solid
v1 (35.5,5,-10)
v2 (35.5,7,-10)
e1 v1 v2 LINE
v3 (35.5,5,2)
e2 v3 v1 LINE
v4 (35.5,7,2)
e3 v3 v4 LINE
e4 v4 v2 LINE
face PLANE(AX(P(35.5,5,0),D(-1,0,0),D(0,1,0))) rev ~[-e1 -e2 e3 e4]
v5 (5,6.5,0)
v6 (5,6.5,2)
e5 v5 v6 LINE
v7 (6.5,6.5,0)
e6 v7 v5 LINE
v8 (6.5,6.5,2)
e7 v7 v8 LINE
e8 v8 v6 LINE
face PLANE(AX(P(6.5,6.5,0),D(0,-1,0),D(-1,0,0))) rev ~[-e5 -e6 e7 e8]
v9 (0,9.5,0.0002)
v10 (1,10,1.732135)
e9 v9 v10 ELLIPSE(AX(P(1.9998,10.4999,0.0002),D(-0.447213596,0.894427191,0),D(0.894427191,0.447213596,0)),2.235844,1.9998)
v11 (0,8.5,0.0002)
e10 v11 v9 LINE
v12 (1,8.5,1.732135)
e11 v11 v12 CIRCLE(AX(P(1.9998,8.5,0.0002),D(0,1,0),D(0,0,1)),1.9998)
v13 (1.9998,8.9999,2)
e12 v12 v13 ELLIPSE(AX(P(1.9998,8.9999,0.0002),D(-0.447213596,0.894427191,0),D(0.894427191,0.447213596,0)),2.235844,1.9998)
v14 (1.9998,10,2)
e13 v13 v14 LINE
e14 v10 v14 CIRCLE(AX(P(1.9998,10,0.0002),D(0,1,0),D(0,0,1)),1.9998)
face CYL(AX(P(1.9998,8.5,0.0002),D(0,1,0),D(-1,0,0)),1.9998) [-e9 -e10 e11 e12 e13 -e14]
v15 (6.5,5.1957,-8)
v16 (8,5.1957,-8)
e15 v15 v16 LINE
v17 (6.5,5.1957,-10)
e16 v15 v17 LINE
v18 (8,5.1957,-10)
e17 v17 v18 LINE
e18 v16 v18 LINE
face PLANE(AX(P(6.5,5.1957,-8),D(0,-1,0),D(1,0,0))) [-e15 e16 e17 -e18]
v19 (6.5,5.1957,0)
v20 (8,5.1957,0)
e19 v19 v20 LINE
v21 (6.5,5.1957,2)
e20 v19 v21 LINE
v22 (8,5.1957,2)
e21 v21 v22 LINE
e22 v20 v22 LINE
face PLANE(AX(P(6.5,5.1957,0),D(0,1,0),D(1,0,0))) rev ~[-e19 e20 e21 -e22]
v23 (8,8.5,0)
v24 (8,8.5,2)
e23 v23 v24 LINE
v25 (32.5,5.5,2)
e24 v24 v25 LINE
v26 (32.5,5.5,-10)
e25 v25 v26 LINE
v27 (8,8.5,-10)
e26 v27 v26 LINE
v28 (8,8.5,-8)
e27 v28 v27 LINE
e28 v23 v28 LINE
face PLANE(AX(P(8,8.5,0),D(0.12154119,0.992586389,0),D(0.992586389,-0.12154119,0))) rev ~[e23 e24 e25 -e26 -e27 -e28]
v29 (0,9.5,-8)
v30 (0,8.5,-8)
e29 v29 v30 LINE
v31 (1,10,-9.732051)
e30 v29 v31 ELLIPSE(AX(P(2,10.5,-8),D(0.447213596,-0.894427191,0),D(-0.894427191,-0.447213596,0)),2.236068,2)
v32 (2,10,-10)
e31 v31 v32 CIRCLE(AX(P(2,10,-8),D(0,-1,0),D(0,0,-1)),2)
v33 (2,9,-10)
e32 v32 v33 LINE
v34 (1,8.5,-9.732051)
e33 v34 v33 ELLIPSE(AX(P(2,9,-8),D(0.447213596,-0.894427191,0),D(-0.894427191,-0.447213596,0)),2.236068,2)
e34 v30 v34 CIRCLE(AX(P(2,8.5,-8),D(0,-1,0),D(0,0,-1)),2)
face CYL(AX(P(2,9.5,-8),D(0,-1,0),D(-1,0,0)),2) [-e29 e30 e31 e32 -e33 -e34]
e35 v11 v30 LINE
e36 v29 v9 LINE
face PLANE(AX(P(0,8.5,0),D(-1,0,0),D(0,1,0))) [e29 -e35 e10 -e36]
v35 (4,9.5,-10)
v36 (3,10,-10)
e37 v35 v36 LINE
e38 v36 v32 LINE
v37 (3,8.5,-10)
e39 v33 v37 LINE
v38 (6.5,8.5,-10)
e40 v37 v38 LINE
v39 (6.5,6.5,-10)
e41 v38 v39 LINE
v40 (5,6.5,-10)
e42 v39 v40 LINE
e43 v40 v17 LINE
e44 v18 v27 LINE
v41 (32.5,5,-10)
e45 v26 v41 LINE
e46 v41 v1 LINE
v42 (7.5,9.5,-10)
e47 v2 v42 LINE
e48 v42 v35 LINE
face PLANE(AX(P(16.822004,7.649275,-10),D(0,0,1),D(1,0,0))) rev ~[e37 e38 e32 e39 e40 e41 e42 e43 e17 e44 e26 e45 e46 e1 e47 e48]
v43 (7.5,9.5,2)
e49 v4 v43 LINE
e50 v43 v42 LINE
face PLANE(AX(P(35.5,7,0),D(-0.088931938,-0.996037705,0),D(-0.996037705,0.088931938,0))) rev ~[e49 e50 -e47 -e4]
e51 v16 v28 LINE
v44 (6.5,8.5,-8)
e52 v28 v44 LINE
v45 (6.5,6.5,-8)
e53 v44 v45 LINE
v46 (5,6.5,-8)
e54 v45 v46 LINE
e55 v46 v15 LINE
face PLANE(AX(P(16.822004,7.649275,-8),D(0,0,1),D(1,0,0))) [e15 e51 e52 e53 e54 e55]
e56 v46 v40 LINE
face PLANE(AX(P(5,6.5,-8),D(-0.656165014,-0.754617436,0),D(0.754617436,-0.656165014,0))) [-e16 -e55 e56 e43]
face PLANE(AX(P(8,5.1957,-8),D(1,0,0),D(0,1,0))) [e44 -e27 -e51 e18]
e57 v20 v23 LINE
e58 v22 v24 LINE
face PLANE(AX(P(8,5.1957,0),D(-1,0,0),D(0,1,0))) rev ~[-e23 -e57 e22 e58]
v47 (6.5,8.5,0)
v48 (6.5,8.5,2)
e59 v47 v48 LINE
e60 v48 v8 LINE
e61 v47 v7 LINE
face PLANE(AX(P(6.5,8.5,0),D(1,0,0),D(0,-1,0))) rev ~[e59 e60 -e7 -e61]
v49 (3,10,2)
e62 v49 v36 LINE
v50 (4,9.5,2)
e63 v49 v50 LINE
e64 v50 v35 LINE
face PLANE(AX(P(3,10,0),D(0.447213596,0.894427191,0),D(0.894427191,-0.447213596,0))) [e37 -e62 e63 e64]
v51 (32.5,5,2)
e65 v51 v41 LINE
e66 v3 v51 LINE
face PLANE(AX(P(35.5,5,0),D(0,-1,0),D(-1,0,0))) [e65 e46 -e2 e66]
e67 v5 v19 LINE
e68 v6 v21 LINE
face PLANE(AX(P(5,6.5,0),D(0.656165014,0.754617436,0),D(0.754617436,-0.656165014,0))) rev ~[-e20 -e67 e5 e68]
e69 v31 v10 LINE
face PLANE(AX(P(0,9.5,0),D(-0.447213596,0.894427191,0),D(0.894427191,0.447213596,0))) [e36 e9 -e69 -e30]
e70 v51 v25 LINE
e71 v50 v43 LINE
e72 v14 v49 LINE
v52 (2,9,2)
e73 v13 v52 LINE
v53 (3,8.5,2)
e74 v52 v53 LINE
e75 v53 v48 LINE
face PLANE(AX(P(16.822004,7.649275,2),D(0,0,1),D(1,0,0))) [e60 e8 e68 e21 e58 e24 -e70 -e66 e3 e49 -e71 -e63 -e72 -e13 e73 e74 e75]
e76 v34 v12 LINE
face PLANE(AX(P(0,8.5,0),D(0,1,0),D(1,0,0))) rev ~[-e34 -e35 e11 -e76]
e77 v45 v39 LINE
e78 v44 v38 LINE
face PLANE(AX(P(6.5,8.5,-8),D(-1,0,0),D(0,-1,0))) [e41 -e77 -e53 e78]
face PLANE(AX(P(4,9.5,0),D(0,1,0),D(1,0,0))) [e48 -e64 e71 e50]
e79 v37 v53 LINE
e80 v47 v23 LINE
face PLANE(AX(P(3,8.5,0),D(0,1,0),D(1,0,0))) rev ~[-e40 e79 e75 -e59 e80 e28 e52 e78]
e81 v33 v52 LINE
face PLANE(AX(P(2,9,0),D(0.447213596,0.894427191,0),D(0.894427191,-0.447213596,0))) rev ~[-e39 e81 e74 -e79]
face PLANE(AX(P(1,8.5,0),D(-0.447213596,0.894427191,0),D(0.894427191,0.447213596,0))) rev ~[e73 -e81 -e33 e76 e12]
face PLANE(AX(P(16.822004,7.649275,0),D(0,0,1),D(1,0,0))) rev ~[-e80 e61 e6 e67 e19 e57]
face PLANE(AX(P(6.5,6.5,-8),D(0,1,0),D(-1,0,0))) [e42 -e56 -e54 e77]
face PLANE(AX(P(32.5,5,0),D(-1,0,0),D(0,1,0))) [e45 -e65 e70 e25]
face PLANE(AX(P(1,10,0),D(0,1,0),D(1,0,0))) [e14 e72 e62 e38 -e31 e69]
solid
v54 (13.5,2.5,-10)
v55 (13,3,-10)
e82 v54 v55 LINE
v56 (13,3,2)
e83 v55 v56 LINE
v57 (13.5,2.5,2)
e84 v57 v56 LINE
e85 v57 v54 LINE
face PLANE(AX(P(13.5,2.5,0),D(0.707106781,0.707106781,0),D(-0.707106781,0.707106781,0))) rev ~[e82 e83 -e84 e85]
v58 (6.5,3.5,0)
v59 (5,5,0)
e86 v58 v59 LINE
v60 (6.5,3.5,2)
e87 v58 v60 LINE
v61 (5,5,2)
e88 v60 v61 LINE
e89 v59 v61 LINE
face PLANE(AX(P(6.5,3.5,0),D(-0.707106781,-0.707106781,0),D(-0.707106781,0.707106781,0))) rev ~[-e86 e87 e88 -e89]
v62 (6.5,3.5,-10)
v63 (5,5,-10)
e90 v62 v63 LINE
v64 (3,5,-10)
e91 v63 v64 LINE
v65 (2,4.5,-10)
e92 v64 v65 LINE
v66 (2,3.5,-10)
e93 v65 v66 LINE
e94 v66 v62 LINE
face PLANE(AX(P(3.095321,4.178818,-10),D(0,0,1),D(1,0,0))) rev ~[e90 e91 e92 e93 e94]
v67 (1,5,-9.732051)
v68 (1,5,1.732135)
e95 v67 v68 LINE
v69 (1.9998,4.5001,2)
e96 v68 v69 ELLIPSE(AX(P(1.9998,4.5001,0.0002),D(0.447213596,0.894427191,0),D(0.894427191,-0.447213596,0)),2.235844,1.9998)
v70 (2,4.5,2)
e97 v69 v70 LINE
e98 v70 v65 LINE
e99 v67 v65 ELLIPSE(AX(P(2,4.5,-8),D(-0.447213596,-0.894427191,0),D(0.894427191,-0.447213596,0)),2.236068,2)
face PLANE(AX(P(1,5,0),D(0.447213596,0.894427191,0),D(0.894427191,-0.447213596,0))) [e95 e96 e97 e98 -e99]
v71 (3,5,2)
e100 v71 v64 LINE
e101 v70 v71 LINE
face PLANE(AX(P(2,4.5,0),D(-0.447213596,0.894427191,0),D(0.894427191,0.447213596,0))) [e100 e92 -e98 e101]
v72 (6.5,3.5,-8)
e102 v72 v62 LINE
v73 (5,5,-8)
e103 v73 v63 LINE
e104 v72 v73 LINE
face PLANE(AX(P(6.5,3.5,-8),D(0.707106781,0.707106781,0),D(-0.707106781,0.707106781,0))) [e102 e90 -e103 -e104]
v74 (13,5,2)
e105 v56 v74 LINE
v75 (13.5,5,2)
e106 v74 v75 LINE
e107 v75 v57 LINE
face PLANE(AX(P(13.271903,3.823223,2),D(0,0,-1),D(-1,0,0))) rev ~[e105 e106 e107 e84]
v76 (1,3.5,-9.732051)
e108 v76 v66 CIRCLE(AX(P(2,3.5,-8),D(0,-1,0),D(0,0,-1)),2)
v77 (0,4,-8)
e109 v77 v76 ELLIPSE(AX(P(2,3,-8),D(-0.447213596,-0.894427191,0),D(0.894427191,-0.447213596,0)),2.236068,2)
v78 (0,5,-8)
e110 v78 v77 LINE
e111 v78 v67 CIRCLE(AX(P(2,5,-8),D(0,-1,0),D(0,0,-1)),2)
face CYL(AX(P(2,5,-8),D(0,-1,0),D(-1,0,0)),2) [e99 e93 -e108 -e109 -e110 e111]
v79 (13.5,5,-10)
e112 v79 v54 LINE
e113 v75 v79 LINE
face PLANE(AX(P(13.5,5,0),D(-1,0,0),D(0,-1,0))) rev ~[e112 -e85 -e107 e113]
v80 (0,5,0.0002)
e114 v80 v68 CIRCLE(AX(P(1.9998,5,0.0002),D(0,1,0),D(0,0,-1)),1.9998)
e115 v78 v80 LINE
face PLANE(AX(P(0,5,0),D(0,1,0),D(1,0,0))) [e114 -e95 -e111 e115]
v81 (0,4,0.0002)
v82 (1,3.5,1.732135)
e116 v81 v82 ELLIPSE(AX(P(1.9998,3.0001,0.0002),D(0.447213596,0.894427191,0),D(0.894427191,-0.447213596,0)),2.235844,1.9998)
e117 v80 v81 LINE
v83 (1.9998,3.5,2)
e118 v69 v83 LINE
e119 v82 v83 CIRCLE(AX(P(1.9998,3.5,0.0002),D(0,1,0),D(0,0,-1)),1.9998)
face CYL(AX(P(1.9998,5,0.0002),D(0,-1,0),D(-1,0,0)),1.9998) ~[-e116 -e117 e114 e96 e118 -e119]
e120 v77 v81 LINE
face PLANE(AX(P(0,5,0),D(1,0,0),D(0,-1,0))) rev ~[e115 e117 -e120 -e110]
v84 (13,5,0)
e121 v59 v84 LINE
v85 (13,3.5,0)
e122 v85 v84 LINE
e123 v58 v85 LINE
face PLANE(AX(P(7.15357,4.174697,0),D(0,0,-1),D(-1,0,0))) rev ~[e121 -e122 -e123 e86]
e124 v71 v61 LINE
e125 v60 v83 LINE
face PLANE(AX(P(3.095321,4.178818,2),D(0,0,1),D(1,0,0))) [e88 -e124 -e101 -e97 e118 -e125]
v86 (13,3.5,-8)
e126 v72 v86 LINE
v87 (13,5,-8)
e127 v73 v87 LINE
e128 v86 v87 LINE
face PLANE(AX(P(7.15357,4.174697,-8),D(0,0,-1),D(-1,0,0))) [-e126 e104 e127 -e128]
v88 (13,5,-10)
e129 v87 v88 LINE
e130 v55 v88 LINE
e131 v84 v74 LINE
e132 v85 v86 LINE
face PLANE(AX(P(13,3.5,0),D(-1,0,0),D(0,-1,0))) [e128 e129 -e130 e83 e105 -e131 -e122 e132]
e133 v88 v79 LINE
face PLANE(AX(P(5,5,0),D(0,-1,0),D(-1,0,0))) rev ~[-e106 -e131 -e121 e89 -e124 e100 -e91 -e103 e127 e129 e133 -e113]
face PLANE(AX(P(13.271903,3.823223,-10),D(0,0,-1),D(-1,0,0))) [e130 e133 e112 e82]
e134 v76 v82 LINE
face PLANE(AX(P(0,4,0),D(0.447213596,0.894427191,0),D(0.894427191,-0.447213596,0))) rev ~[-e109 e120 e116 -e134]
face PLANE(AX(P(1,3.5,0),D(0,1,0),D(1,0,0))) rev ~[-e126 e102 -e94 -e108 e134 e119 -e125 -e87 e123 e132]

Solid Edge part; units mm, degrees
sketch "Sketch1" plane through (0, 0, 0) normal (0, 0, 1) x (1, 0, 0)
  line L0 (8, 8.5) -> (32.5, 5.5)
  line L1 (32.5, 5) -> (32.5, 5.5)
  line L2 (35.5, 5) -> (32.5, 5)
  line L3 (35.5, 5) -> (35.5, 7)
  line L4 (35.5, 7) -> (7.5, 9.5)
  line L5 (4, 9.5) -> (7.5, 9.5)
  line L6 (3, 10) -> (4, 9.5)
  line L7 (1, 10) -> (3, 10)
  line L8 (0, 9.5) -> (1, 10)
  line L9 (0, 8.5) -> (0, 9.5)
  line L10 (0, 8.5) -> (1, 8.5)
  line L11 (1, 8.5) -> (2, 9)
  line L12 (2, 9) -> (3, 8.5)
  line L13 (3, 8.5) -> (6.5, 8.5)
  line L14 (6.5, 8.5) -> (6.5, 6.5)
  line L15 (6.5, 6.5) -> (5, 6.5)
  line L16 (5, 6.5) -> (6.5, 5.1957)
  line L17 (6.5, 5.1957) -> (8, 5.1957)
  line L18 (8, 5.1957) -> (8, 8.5)
  line L19 (5, 5) -> (4, 5)
  line L20 (3, 5) -> (4, 5)
  line L21 (2, 4.5) -> (3, 5)
  line L22 (1, 5) -> (2, 4.5)
  line L23 (0, 5) -> (1, 5)
  line L24 (0, 5) -> (0, 4)
  line L25 (0, 4) -> (1, 3.5)
  line L26 (1, 3.5) -> (4, 3.5)
  line L27 (4, 3.5) -> (6.5, 3.5)
  line L28 (6.5, 3.5) -> (5, 5)
  line L29 (13.5, 5) -> (13.5, 2.5)
  line L30 (13.5, 2.5) -> (13, 3)
  line L31 (13, 3) -> (13, 5)
  line L32 (13, 5) -> (13.5, 5)
  dimension "D1" = 22
extrude "Protrusion1" add sketch "Sketch1" along normal blind 2
fillet "Round_2" radius 2 2 edges at (0, 9, 2) (0, 4.5, 2)
sketch "Sketch2" plane through (0, 0, 0) normal (0, 0, 1) x (1, 0, 0)
  line L0 (35.5, 7) -> (7.5, 9.5)
  line L1 (4, 9.5) -> (7.5, 9.5)
  line L2 (3, 10) -> (4, 9.5)
  line L3 (1, 10) -> (3, 10)
  line L4 (0, 9.5) -> (1, 10)
  line L5 (0, 8.5) -> (0, 9.5)
  line L6 (0, 8.5) -> (1, 8.5)
  line L7 (1, 8.5) -> (2, 9)
  line L8 (2, 9) -> (3, 8.5)
  line L9 (3, 8.5) -> (6.5, 8.5)
  line L10 (6.5, 8.5) -> (8, 8.5)
  line L11 (8, 8.5) -> (32.5, 5.5)
  line L12 (32.5, 5) -> (32.5, 5.5)
  line L13 (35.5, 5) -> (32.5, 5)
  line L14 (35.5, 5) -> (35.5, 7)
  line L15 (5, 5) -> (13, 5)
  line L16 (13, 5) -> (13.5, 5)
  line L17 (13.5, 5) -> (13.5, 2.5)
  line L18 (13.5, 2.5) -> (13, 3)
  line L19 (13, 3.5) -> (13, 3)
  line L20 (6.5, 3.5) -> (13, 3.5)
  line L21 (4, 3.5) -> (6.5, 3.5)
  line L22 (1, 3.5) -> (4, 3.5)
  line L23 (0, 4) -> (1, 3.5)
  line L24 (0, 5) -> (0, 4)
  line L25 (0, 5) -> (1, 5)
  line L26 (1, 5) -> (2, 4.5)
  line L27 (2, 4.5) -> (3, 5)
  line L28 (3, 5) -> (4, 5)
  line L29 (5, 5) -> (4, 5)
  dimension "D1" = 22
extrude "MidExtrusion" add sketch "Sketch2" against normal blind 8
sketch "Sketch3" plane through (0, 0, -8) normal (0, 0, 1) x (1, 0, 0)
  line L0 (8, 8.5) -> (32.5, 5.5)
  line L1 (32.5, 5.5) -> (32.5, 5)
  line L2 (32.5, 5) -> (35.5, 5)
  line L3 (35.5, 5) -> (35.5, 7)
  line L4 (35.5, 7) -> (7.5, 9.5)
  line L5 (7.5, 9.5) -> (4, 9.5)
  line L6 (4, 9.5) -> (3, 10)
  line L7 (3, 10) -> (1, 10)
  line L8 (1, 10) -> (0, 9.5)
  line L9 (0, 9.5) -> (0, 8.5)
  line L10 (0, 8.5) -> (1, 8.5)
  line L11 (1, 8.5) -> (2, 9)
  line L12 (2, 9) -> (3, 8.5)
  line L13 (3, 8.5) -> (6.5, 8.5)
  line L14 (6.5, 8.5) -> (6.5, 6.5)
  line L15 (6.5, 6.5) -> (5, 6.5)
  line L16 (5, 6.5) -> (6.5, 5.1957)
  line L17 (6.5, 5.1957) -> (8, 5.1957)
  line L18 (8, 5.1957) -> (8, 8.5)
  line L19 (5, 5) -> (3, 5)
  line L20 (3, 5) -> (2, 4.5)
  line L21 (2, 4.5) -> (1, 5)
  line L22 (1, 5) -> (0, 5)
  line L23 (0, 5) -> (0, 4)
  line L24 (0, 4) -> (1, 3.5)
  line L25 (1, 3.5) -> (6.5, 3.5)
  line L26 (6.5, 3.5) -> (5, 5)
  line L27 (13.5, 5) -> (13.5, 2.5)
  line L28 (13.5, 2.5) -> (13, 3)
  line L29 (13, 3) -> (13, 5)
  line L30 (13, 5) -> (13.5, 5)
extrude "Protrusion2" add sketch "Sketch3" against normal blind 2
fillet "Round_3" radius 2 2 edges at (0, 9, -10) (0, 4.5, -10)
